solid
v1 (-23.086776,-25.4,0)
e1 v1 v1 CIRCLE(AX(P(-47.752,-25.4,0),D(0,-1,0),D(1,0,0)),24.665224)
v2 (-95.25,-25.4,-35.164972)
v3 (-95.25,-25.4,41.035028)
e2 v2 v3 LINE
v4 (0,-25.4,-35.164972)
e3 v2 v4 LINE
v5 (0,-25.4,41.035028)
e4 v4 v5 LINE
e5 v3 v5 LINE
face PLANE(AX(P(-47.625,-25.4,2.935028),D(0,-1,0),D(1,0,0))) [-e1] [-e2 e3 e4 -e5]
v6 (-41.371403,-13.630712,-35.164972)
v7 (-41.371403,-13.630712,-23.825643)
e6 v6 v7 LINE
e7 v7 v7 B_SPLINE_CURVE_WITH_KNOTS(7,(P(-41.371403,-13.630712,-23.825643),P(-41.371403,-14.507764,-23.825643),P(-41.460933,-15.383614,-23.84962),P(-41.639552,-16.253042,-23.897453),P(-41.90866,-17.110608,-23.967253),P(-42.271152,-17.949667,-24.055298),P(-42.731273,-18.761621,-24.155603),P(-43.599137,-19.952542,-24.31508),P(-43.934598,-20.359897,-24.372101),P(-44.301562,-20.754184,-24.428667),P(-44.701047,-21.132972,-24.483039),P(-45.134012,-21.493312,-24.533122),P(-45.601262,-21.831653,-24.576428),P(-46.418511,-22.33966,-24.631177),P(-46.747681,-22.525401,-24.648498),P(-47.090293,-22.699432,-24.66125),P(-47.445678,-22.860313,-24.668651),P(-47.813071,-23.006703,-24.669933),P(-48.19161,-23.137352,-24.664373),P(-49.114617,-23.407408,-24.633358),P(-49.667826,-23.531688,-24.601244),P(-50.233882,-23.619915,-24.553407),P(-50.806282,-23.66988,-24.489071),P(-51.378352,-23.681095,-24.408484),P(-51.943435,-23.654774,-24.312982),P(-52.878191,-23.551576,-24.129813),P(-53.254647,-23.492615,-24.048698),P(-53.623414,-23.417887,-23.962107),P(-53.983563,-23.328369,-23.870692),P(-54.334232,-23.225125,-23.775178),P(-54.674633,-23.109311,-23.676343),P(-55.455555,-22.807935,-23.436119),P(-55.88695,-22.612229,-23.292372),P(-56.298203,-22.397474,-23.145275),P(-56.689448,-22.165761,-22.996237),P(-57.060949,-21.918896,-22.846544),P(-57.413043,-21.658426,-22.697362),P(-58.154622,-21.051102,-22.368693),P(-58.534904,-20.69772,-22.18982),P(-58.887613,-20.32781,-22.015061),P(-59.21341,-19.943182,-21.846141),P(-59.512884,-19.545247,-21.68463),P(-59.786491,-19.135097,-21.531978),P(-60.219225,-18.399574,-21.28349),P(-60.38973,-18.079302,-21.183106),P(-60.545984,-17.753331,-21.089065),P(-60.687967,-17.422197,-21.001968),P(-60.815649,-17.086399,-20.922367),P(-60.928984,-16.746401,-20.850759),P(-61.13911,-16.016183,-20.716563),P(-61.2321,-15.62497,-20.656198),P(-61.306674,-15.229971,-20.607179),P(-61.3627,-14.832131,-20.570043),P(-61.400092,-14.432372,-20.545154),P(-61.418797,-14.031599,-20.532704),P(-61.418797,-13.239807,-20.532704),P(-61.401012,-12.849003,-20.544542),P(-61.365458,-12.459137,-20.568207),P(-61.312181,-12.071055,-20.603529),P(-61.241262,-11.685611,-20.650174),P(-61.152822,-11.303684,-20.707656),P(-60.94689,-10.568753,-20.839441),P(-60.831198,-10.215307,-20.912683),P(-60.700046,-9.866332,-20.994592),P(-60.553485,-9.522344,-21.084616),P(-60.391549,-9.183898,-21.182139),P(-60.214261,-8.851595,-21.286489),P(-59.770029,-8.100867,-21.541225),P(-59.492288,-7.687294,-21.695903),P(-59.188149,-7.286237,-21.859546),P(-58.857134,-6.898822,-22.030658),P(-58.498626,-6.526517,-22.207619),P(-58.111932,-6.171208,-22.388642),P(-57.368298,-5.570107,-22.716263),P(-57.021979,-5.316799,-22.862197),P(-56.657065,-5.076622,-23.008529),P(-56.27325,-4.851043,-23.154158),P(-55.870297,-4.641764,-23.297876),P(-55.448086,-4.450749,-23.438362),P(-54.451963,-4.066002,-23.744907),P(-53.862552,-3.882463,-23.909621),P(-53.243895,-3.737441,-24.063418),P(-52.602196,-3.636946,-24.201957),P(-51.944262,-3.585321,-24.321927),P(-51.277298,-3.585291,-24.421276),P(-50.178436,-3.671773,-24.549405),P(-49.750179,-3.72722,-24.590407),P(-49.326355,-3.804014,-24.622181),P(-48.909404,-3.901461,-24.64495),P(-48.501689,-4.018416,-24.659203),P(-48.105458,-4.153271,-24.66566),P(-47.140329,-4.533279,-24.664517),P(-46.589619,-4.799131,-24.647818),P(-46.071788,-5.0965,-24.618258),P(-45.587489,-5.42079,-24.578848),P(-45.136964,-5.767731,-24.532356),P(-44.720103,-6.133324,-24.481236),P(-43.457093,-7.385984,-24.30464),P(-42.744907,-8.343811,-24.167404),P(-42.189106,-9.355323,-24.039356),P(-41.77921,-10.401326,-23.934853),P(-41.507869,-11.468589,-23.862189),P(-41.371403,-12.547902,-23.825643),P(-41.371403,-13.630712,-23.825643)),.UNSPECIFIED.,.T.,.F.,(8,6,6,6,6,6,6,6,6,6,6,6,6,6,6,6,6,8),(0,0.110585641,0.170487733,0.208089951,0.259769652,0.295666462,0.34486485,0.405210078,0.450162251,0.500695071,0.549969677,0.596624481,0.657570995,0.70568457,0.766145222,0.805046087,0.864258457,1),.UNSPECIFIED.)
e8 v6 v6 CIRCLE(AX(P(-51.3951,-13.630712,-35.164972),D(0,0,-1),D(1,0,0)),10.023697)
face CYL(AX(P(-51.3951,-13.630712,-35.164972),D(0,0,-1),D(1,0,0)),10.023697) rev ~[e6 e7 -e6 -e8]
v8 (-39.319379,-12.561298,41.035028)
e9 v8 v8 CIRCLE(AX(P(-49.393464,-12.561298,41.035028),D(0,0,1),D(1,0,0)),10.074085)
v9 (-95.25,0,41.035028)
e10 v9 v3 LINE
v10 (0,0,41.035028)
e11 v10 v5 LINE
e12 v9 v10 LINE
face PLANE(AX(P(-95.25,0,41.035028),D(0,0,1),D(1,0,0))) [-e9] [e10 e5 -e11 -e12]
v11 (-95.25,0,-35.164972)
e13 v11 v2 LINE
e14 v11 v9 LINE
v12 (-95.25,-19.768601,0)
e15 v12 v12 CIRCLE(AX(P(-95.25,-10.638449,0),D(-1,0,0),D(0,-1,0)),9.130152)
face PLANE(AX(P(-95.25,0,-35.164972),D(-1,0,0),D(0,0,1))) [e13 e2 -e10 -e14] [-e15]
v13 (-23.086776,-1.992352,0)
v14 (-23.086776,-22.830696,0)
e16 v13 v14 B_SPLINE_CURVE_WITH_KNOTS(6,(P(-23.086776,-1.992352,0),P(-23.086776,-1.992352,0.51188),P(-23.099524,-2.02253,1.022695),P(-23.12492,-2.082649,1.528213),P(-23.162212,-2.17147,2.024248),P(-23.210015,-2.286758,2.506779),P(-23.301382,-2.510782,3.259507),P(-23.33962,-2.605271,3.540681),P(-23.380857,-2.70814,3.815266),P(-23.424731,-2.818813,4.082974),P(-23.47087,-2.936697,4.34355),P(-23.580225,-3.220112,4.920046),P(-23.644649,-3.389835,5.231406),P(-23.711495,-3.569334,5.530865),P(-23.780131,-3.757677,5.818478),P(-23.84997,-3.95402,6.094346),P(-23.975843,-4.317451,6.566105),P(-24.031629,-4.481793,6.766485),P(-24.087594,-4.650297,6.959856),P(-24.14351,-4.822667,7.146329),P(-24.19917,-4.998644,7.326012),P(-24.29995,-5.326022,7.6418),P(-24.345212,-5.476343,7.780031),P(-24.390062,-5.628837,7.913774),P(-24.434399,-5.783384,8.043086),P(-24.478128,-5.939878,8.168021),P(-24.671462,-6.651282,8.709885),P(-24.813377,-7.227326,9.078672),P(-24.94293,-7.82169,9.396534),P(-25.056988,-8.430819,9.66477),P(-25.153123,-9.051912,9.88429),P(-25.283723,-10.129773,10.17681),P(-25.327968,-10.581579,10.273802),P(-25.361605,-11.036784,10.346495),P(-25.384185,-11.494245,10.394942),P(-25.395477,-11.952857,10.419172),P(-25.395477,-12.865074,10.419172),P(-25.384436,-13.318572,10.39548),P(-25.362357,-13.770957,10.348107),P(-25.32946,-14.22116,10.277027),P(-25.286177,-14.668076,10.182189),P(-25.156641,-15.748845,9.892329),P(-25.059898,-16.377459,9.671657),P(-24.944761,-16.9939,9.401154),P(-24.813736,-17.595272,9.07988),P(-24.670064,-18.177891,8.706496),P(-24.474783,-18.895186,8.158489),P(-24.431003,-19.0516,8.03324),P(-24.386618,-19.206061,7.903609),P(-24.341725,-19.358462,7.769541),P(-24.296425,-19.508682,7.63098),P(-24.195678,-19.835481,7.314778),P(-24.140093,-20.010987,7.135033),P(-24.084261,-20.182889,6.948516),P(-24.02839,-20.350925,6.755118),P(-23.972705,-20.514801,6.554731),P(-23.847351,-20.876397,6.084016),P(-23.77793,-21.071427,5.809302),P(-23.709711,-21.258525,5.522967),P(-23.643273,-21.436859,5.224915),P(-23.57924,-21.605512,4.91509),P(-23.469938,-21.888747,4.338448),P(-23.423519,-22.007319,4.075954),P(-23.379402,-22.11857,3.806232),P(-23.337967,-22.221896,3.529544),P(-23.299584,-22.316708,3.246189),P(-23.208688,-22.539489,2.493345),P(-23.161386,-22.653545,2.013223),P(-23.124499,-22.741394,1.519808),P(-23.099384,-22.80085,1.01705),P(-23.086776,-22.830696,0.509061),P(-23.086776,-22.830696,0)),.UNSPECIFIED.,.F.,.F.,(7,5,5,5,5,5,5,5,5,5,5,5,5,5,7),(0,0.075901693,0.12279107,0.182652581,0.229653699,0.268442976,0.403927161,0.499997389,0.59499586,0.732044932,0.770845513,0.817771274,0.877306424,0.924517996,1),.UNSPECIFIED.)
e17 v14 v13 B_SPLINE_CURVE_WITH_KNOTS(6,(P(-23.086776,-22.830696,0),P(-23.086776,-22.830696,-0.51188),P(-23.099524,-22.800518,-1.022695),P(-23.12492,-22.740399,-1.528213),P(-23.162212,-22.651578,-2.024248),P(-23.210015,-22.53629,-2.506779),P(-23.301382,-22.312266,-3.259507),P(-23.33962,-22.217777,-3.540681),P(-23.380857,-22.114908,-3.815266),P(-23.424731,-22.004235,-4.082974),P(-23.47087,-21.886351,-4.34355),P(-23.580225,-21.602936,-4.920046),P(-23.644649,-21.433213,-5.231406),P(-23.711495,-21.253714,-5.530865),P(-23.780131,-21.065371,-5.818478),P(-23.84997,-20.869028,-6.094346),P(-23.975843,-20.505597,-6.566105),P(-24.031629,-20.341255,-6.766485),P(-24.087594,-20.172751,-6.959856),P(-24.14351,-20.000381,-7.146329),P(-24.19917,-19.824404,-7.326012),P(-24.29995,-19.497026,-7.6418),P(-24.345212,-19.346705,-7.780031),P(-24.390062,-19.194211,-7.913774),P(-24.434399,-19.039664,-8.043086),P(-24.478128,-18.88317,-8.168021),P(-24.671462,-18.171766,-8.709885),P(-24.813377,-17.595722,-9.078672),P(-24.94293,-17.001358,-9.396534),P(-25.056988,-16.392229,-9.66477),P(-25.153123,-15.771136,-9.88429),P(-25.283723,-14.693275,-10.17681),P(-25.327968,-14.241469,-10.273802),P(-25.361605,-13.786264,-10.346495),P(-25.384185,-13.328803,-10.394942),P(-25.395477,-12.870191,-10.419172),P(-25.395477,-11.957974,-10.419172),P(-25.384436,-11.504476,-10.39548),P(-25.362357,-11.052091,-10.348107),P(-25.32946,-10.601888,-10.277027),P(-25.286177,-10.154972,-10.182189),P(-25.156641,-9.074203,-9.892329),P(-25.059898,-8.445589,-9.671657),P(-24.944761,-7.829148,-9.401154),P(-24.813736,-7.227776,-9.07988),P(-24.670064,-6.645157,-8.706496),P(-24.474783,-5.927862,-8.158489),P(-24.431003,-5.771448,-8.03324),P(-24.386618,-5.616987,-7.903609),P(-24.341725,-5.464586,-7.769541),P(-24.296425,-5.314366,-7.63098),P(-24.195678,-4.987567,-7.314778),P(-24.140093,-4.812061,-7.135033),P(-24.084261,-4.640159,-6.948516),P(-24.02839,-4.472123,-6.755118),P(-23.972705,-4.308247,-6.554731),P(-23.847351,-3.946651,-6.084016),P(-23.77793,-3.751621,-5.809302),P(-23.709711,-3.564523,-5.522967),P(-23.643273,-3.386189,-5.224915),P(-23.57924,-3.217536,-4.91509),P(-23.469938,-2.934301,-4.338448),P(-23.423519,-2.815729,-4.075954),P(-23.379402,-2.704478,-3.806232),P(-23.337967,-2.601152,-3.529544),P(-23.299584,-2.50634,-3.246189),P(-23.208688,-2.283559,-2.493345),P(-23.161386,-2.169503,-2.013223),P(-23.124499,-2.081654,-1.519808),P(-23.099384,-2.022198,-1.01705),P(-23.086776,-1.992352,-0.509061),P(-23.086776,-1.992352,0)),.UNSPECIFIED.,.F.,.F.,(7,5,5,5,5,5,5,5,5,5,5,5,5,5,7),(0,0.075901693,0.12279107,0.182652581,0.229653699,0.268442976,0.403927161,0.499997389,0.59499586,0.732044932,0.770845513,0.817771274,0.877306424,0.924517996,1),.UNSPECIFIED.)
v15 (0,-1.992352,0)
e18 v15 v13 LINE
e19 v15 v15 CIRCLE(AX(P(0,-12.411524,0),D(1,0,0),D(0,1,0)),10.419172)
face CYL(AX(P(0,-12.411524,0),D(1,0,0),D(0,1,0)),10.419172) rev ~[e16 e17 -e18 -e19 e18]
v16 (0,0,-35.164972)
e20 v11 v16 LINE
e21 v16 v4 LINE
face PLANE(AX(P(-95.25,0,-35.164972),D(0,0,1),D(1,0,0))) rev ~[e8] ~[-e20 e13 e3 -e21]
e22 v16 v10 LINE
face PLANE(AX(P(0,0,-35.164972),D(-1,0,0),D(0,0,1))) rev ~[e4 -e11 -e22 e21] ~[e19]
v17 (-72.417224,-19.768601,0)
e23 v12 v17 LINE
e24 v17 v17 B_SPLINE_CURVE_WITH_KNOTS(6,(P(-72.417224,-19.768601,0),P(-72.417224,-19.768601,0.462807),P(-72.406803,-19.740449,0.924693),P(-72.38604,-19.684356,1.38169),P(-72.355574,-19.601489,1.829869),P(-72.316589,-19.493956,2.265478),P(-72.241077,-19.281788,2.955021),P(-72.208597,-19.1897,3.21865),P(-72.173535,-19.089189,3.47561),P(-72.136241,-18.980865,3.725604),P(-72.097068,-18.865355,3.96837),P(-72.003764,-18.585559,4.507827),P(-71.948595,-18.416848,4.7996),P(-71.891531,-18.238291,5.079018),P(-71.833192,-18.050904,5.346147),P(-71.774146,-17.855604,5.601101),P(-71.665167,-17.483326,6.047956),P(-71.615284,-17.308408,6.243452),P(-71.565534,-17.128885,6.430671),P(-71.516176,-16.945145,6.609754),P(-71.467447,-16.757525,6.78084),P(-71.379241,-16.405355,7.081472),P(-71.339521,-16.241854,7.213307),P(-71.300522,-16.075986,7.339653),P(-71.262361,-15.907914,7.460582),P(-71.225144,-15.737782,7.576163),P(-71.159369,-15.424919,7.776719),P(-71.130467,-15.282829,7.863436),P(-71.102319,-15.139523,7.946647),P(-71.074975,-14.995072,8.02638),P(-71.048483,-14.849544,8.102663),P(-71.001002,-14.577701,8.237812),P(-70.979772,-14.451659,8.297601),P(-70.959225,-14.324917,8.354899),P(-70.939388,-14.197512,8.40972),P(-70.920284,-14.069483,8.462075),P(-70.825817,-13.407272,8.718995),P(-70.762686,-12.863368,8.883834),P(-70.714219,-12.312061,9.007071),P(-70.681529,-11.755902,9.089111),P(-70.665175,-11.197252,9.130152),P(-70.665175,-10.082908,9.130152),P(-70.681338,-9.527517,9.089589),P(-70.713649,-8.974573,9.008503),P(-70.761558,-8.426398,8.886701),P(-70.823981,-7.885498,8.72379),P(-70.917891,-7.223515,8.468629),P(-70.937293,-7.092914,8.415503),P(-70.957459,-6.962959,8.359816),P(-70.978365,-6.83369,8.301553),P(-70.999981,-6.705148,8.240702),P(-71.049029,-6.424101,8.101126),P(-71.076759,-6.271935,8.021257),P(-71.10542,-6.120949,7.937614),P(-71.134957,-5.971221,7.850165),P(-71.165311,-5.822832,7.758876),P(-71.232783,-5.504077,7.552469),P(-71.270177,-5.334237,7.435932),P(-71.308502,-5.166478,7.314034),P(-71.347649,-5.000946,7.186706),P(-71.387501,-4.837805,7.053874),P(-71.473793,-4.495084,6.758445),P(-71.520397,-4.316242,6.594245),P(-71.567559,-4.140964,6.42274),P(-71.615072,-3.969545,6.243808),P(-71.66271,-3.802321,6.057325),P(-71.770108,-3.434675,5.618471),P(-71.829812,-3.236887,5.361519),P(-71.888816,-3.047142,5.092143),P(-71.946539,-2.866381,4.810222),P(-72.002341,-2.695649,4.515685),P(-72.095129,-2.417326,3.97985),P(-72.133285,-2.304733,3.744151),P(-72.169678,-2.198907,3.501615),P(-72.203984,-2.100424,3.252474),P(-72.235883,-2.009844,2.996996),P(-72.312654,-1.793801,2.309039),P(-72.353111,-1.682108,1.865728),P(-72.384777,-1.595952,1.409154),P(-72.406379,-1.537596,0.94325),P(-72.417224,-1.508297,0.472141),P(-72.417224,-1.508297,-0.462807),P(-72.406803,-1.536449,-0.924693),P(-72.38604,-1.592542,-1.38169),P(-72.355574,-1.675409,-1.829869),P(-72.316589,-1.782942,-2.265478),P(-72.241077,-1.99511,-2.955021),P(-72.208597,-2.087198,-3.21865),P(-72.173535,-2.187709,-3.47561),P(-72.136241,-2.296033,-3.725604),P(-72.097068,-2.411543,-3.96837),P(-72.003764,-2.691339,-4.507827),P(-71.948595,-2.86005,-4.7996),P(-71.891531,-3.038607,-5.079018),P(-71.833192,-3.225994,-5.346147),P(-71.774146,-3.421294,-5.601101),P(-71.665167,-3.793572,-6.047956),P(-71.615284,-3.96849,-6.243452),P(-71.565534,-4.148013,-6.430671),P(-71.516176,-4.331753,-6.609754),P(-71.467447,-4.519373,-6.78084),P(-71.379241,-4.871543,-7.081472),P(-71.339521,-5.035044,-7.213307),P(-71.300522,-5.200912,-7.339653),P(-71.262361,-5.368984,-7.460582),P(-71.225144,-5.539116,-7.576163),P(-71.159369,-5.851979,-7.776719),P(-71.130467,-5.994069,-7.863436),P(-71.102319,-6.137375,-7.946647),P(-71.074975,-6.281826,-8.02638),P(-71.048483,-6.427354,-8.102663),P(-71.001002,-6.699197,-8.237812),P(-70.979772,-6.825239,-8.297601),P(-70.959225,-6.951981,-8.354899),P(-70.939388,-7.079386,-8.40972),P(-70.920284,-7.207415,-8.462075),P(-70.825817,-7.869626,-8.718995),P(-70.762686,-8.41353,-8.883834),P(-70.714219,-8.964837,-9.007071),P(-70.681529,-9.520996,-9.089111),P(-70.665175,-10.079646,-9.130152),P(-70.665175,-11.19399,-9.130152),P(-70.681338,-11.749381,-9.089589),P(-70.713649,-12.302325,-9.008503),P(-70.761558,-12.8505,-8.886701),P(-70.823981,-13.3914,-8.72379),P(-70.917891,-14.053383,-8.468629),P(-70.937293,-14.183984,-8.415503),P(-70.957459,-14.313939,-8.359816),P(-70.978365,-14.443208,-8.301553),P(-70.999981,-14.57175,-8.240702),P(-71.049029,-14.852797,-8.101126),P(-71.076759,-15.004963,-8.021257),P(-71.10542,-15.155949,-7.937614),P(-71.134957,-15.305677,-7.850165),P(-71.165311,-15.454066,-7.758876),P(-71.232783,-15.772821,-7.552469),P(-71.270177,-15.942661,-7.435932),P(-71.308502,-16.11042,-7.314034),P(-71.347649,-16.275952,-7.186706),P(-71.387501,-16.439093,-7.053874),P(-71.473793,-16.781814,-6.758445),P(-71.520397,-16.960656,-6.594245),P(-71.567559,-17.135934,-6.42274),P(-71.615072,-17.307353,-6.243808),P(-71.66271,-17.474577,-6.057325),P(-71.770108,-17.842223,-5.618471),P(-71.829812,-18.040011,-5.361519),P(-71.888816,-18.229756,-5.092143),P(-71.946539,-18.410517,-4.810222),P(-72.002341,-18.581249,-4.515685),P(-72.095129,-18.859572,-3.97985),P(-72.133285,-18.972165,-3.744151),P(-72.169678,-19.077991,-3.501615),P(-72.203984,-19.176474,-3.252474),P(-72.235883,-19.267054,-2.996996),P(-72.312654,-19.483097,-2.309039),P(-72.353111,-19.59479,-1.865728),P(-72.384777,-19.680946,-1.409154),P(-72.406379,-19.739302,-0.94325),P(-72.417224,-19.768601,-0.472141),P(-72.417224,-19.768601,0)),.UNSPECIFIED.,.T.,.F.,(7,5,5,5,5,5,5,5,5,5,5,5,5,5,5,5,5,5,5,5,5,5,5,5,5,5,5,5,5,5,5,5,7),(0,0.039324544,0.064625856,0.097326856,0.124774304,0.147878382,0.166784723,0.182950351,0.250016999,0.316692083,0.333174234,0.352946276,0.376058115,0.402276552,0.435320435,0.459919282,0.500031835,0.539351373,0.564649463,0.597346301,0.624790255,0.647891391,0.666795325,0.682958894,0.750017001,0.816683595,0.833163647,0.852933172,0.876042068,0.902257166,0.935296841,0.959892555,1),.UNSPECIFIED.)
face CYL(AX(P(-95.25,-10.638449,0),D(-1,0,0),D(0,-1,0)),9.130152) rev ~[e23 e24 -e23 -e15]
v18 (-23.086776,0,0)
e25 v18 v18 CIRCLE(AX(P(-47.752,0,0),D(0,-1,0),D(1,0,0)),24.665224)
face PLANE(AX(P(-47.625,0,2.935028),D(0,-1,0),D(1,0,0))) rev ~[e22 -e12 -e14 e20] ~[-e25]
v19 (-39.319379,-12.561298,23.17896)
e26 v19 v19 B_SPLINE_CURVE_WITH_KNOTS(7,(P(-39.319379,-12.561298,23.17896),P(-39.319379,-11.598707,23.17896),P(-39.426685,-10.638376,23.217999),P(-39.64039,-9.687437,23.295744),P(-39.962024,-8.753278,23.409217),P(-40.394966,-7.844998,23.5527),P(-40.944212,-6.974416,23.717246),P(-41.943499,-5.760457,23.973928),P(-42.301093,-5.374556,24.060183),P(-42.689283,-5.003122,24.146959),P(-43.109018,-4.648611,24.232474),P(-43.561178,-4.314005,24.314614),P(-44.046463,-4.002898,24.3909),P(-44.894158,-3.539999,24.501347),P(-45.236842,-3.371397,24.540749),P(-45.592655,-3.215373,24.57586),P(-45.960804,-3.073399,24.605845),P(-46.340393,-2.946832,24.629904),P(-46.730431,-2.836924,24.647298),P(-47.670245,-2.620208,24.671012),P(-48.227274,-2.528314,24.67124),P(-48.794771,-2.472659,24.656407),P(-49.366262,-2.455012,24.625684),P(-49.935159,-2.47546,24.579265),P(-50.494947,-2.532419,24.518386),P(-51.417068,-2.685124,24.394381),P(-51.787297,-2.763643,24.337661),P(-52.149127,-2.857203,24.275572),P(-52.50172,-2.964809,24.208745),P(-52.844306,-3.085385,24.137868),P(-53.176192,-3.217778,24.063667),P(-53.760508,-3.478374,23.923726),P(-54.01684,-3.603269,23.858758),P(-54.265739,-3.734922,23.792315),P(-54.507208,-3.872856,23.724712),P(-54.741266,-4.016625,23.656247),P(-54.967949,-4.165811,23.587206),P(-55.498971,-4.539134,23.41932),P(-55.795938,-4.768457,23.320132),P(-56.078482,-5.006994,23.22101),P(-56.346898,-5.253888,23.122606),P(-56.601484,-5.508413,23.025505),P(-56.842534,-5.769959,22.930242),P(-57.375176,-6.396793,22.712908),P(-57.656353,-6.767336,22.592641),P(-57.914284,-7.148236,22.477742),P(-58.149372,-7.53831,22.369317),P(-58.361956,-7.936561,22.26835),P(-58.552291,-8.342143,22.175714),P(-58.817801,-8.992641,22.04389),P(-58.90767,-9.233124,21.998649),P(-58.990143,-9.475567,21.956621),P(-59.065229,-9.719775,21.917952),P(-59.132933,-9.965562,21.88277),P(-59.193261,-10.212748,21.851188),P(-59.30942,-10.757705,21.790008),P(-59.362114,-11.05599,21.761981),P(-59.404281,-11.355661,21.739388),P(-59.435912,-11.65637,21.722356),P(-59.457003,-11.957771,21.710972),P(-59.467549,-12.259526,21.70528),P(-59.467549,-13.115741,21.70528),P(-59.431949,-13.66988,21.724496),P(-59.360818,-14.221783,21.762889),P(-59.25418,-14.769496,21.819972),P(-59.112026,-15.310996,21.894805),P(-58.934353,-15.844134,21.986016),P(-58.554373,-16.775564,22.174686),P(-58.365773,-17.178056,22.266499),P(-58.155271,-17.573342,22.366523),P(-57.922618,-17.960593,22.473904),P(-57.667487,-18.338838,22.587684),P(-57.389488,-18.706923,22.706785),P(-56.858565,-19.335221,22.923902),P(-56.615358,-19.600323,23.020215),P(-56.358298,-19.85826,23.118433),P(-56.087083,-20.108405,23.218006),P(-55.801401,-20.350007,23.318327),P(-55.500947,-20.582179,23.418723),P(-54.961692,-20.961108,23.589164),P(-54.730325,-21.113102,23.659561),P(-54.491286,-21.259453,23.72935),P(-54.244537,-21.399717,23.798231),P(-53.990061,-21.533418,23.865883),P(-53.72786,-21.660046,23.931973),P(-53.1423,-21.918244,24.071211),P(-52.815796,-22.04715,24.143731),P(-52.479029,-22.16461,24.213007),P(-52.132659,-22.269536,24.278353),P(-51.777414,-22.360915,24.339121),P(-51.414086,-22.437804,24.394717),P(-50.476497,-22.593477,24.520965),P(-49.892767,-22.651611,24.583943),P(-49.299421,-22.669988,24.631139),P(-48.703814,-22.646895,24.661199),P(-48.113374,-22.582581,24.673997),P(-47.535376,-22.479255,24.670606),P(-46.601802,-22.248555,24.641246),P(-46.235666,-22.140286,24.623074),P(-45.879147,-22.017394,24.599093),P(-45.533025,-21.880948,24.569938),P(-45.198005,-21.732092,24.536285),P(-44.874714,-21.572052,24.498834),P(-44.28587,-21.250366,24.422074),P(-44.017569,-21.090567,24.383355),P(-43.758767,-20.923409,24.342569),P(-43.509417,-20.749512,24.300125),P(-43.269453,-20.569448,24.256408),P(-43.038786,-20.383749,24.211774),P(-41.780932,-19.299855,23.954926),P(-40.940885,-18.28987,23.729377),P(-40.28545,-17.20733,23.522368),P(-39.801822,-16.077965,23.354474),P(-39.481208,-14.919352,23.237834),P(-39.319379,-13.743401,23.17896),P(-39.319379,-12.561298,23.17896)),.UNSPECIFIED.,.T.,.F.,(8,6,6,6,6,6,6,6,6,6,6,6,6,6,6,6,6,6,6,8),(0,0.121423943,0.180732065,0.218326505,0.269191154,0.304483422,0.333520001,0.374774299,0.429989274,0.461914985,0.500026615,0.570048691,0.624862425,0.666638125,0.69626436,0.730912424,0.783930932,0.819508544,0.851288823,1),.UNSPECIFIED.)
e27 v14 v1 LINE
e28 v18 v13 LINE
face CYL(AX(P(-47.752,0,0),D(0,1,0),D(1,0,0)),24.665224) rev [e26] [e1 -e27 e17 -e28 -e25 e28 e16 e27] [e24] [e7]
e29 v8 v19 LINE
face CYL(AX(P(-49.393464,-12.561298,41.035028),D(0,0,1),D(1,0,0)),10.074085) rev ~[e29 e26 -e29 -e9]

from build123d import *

# Parameters (mm, degrees)
F0_W      = 95.25
F0_H      = 76.2
F0_R      = 24.665224
F1_DEPTH  = 25.4
F3_R      = 10.074085
F4_DEPTH  = 25.4
F5_R      = 10.419172
F6_DEPTH  = 25.4
F7_R      = 9.130152
F8_DEPTH  = 25.4
F10_R     = 10.023697
F11_DEPTH = 25.4


with BuildPart() as f1:
    # F0 (on Front) → F1 (new body)
    with BuildSketch(Plane.XZ):
        with Locations((-47.625, 2.935028)):
            Rectangle(F0_W, F0_H)
        with Locations((-47.752, 0)):
            Circle(F0_R, mode=Mode.SUBTRACT)
    extrude(amount=F1_DEPTH)

    # F3 (on face) → F4 (cut)
    with BuildSketch(Plane.XY.offset(41.035028)):
        with Locations((-49.393464, -12.561298)):
            Circle(F3_R)
    extrude(amount=-F4_DEPTH, mode=Mode.SUBTRACT)

    # F5 (on face) → F6 (cut)
    with BuildSketch(Plane.YZ):
        with Locations((-12.411524, 0)):
            Circle(F5_R)
    extrude(amount=-F6_DEPTH, mode=Mode.SUBTRACT)

    # F7 (on face) → F8 (cut)
    with BuildSketch(Plane(origin=(-95.25, 0, 0), x_dir=(0, -1, 0), z_dir=(-1, 0, 0))):
        with Locations((10.638449, 0)):
            Circle(F7_R)
    extrude(amount=-F8_DEPTH, mode=Mode.SUBTRACT)

    # F10 (on face) → F11 (cut)
    with BuildSketch(Plane(origin=(0, 0, -35.164972), x_dir=(1, 0, 0), z_dir=(0, 0, -1))):
        with Locations((-51.3951, 13.630712)):
            Circle(F10_R)
    extrude(amount=-F11_DEPTH, mode=Mode.SUBTRACT)


solid = f1.part
